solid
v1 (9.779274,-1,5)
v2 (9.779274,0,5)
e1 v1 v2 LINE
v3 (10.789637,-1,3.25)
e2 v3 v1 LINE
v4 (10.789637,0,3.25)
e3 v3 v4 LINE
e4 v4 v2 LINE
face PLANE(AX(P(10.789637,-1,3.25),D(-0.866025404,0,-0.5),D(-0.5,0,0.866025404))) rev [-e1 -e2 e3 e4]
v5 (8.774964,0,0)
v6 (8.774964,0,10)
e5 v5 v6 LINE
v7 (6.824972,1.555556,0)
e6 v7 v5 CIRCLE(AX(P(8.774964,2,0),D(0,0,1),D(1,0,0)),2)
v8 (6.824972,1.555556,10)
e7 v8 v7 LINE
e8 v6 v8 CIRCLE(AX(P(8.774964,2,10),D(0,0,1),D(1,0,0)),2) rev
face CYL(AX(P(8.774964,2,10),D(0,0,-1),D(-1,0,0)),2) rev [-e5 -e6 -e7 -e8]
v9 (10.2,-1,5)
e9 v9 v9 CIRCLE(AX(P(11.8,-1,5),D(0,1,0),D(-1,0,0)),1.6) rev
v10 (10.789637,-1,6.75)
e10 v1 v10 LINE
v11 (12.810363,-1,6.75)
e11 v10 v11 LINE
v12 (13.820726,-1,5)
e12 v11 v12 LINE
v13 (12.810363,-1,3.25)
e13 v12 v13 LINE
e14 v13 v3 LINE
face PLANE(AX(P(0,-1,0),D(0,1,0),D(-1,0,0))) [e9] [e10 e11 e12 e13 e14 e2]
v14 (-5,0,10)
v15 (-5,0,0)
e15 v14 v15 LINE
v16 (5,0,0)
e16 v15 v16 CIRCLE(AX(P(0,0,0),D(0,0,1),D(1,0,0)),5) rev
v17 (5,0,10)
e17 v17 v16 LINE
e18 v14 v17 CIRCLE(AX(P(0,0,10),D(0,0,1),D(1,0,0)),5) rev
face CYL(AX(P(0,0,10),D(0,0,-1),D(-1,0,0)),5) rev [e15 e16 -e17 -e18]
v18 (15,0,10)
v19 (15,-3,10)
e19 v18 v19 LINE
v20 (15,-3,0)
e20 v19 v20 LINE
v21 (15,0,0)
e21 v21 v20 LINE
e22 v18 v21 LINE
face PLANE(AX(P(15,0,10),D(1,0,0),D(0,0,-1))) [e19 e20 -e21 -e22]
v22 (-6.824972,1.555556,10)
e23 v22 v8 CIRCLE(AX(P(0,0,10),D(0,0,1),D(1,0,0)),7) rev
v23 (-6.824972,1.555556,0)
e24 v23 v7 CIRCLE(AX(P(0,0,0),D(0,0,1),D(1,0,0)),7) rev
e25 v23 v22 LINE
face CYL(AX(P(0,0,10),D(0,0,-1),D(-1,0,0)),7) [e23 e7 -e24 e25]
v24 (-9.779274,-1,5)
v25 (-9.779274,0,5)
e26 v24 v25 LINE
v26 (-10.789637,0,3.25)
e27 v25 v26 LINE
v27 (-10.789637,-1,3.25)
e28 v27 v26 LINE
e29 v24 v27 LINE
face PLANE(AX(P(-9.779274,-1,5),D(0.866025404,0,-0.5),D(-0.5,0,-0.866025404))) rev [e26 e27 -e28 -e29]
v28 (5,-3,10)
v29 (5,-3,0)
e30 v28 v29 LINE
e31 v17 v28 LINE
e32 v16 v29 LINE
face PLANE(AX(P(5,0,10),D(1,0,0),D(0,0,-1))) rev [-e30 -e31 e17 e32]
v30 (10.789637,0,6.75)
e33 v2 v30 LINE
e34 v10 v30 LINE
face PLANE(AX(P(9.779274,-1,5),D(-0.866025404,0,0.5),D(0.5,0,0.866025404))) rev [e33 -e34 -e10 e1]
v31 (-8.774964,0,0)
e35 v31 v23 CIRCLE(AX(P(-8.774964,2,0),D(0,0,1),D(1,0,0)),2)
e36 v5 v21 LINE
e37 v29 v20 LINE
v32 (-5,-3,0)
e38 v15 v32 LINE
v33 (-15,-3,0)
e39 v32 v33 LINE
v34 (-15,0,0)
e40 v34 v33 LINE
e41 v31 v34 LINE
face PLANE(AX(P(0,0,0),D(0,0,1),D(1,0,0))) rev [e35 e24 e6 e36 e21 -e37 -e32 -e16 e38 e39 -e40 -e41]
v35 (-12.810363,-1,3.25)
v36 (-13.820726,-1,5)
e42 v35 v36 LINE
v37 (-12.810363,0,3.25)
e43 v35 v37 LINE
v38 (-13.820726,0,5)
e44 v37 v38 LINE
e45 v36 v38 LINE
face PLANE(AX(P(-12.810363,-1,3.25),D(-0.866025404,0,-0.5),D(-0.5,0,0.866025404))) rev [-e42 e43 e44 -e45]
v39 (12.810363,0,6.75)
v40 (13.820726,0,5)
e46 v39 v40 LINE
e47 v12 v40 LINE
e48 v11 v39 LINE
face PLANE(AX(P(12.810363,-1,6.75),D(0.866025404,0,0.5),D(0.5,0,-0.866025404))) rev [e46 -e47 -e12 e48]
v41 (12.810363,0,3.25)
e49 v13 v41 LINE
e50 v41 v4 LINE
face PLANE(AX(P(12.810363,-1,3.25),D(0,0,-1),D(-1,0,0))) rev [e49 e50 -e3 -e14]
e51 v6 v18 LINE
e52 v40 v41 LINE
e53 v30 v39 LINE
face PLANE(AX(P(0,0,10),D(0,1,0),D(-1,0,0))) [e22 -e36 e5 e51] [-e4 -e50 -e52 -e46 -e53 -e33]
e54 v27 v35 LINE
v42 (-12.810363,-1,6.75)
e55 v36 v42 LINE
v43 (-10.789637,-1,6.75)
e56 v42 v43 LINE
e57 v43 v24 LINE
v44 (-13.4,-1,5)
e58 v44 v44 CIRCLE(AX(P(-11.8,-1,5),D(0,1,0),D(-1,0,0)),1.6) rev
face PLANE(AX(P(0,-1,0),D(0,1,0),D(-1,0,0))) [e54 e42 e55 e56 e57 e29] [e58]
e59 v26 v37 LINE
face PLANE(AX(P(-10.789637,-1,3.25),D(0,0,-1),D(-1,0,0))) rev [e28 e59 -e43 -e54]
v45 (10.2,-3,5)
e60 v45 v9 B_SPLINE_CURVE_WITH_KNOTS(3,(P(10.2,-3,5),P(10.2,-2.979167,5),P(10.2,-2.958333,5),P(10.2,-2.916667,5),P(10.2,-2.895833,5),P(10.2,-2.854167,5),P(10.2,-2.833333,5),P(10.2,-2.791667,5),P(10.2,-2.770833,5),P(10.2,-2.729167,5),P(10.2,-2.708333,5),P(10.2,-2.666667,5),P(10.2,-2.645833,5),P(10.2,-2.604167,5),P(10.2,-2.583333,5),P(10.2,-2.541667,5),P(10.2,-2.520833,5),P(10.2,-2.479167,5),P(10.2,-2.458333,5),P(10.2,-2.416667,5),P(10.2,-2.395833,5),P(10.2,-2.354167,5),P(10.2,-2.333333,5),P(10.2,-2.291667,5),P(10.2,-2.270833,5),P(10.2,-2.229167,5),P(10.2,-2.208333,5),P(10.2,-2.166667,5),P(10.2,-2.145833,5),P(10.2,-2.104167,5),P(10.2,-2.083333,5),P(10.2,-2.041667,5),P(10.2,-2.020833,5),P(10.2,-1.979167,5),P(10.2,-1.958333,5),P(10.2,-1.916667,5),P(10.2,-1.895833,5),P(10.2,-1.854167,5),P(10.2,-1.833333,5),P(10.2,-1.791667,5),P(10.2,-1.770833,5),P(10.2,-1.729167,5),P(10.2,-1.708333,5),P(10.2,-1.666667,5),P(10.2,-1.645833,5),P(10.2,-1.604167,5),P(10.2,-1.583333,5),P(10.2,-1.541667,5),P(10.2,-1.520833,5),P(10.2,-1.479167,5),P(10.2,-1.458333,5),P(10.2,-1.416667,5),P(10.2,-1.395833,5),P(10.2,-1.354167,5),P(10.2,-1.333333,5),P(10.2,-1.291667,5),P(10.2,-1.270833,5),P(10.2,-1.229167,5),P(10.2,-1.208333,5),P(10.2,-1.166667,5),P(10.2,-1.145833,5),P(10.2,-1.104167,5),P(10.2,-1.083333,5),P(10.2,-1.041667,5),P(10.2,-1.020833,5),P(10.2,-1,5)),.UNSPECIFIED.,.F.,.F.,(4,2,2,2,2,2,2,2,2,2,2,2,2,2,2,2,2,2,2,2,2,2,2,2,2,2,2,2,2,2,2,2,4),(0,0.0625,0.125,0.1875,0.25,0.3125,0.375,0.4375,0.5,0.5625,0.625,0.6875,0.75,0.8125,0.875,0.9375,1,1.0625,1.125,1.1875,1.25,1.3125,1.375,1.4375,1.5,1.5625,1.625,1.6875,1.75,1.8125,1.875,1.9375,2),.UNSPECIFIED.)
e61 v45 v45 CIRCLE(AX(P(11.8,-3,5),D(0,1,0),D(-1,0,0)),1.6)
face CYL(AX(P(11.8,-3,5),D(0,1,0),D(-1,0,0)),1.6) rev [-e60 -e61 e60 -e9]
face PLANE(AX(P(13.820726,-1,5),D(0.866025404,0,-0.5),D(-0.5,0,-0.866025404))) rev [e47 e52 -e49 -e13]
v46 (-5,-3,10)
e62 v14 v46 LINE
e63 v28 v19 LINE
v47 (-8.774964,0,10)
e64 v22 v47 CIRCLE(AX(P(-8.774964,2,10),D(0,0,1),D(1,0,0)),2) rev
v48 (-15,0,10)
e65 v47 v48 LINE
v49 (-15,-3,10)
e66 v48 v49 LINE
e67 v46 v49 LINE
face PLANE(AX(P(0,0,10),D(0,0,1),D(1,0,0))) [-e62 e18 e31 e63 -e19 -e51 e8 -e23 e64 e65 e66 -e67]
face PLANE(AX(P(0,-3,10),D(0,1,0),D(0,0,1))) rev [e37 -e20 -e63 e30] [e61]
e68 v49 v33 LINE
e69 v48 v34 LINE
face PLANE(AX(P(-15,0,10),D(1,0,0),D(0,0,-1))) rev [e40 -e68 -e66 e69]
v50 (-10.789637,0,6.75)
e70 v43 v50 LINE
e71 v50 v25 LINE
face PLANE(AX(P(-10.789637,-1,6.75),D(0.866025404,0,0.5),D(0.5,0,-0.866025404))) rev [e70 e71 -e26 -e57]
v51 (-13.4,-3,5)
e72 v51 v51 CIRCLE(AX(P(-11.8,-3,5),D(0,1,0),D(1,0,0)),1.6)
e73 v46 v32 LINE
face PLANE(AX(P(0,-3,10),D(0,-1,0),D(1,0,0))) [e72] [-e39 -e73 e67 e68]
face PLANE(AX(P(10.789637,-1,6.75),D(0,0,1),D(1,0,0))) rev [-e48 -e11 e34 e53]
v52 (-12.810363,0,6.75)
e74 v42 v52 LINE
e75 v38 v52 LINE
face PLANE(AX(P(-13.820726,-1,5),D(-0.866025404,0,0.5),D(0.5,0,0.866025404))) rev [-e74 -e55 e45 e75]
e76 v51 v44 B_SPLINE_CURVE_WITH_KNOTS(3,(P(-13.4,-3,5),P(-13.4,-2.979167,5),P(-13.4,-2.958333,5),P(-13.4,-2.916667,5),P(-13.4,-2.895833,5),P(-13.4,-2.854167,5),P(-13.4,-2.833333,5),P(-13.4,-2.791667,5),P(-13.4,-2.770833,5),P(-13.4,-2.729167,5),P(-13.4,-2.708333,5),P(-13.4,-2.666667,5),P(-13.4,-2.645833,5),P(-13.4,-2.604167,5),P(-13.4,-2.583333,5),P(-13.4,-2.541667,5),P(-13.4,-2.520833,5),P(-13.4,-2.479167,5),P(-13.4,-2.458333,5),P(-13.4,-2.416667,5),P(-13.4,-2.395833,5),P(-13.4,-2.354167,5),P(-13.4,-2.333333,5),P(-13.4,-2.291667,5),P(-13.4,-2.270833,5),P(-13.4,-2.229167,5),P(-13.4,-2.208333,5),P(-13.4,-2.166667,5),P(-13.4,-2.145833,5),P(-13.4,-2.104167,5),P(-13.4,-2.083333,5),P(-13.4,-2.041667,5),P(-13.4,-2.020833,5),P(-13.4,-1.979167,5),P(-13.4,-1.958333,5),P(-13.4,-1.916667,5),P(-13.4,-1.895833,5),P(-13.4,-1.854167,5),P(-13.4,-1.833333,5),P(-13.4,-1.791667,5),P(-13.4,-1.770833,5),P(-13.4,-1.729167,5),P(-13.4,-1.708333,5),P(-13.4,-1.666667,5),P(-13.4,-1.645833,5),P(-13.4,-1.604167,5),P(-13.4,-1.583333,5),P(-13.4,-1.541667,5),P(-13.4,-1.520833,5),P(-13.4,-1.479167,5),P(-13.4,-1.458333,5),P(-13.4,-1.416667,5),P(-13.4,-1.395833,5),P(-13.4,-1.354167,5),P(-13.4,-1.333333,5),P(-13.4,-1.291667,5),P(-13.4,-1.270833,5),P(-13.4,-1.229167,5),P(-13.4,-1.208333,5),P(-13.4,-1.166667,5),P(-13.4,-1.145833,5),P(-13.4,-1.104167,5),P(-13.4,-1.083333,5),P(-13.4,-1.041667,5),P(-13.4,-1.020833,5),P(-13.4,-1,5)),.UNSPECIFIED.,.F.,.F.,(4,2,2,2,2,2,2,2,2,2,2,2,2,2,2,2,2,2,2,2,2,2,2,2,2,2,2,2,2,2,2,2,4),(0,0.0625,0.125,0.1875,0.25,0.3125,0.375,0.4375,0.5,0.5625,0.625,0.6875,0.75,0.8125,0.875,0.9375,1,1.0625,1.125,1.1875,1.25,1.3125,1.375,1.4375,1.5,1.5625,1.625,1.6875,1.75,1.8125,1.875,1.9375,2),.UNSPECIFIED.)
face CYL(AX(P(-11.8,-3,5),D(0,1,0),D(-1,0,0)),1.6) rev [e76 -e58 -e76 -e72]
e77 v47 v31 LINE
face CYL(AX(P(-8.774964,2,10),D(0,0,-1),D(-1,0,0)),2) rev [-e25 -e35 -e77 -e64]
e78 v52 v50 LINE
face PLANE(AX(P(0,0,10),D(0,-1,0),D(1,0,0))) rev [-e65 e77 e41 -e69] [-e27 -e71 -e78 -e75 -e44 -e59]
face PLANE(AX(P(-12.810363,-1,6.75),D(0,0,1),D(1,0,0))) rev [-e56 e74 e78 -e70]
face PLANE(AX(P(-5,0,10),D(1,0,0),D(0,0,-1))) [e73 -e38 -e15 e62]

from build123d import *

# Parameters (mm, degrees)
SKETCH2_W           = 10
SKETCH2_H           = 3
BOSS_EXTRUDE1_DEPTH = 10
FILLET1_R           = 2
SKETCH3_R           = 1.6
CUT_EXTRUDE1_DEPTH  = 20.339079606
CUT_EXTRUDE2_DEPTH  = 1


with BuildPart() as part:
    # Sketch2 → Boss-Extrude1 (new body)
    with BuildSketch(Plane.XY):
        with Locations((-10, -1.5)):
            Rectangle(SKETCH2_W, SKETCH2_H)
        with BuildLine():
            Line((-7, 0), (-5, 0))
            ThreePointArc((-5, 0), (0, 5), (5, 0))
            Line((5, 0), (7, 0))
            ThreePointArc((7, 0), (0, 7), (-7, 0))
        make_face()
        with Locations((10, -1.5)):
            Rectangle(SKETCH2_W, SKETCH2_H)
    extrude(amount=BOSS_EXTRUDE1_DEPTH)

    # Fillet1
    fillet1_edges = [part.edges().sort_by_distance(p)[0] for p in [
        (-7, 0, 5),
        (7, 0, 5),
    ]]
    fillet(fillet1_edges, radius=FILLET1_R)

    # Sketch3 → Cut-Extrude1 (cut, through all)
    with BuildSketch(Plane(origin=(0, 0, 0), x_dir=(1, 0, 0), z_dir=(0, 1, 0))):
        with Locations(Location((11.8, -5, 0), (0, 0, 180))):
            Circle(SKETCH3_R)
        with Locations(Location((-11.8, -5, 0), (0, 0, 180))):
            Circle(SKETCH3_R)
    extrude(amount=-CUT_EXTRUDE1_DEPTH, mode=Mode.SUBTRACT)

    # Sketch4 → Cut-Extrude2 (cut)
    with BuildSketch(Plane(origin=(0, 0, 0), x_dir=(1, 0, 0), z_dir=(0, 1, 0))):
        Polygon((10.789637029, -6.75), (12.810362971, -6.75), (13.820725942, -5), (12.810362971, -3.25), (10.789637029, -3.25), (9.779274058, -5), align=None)
        Polygon((-12.810362971, -6.75), (-10.789637029, -6.75), (-9.779274058, -5), (-10.789637029, -3.25), (-12.810362971, -3.25), (-13.820725942, -5), align=None)
    extrude(amount=-CUT_EXTRUDE2_DEPTH, mode=Mode.SUBTRACT)


solid = part.part
